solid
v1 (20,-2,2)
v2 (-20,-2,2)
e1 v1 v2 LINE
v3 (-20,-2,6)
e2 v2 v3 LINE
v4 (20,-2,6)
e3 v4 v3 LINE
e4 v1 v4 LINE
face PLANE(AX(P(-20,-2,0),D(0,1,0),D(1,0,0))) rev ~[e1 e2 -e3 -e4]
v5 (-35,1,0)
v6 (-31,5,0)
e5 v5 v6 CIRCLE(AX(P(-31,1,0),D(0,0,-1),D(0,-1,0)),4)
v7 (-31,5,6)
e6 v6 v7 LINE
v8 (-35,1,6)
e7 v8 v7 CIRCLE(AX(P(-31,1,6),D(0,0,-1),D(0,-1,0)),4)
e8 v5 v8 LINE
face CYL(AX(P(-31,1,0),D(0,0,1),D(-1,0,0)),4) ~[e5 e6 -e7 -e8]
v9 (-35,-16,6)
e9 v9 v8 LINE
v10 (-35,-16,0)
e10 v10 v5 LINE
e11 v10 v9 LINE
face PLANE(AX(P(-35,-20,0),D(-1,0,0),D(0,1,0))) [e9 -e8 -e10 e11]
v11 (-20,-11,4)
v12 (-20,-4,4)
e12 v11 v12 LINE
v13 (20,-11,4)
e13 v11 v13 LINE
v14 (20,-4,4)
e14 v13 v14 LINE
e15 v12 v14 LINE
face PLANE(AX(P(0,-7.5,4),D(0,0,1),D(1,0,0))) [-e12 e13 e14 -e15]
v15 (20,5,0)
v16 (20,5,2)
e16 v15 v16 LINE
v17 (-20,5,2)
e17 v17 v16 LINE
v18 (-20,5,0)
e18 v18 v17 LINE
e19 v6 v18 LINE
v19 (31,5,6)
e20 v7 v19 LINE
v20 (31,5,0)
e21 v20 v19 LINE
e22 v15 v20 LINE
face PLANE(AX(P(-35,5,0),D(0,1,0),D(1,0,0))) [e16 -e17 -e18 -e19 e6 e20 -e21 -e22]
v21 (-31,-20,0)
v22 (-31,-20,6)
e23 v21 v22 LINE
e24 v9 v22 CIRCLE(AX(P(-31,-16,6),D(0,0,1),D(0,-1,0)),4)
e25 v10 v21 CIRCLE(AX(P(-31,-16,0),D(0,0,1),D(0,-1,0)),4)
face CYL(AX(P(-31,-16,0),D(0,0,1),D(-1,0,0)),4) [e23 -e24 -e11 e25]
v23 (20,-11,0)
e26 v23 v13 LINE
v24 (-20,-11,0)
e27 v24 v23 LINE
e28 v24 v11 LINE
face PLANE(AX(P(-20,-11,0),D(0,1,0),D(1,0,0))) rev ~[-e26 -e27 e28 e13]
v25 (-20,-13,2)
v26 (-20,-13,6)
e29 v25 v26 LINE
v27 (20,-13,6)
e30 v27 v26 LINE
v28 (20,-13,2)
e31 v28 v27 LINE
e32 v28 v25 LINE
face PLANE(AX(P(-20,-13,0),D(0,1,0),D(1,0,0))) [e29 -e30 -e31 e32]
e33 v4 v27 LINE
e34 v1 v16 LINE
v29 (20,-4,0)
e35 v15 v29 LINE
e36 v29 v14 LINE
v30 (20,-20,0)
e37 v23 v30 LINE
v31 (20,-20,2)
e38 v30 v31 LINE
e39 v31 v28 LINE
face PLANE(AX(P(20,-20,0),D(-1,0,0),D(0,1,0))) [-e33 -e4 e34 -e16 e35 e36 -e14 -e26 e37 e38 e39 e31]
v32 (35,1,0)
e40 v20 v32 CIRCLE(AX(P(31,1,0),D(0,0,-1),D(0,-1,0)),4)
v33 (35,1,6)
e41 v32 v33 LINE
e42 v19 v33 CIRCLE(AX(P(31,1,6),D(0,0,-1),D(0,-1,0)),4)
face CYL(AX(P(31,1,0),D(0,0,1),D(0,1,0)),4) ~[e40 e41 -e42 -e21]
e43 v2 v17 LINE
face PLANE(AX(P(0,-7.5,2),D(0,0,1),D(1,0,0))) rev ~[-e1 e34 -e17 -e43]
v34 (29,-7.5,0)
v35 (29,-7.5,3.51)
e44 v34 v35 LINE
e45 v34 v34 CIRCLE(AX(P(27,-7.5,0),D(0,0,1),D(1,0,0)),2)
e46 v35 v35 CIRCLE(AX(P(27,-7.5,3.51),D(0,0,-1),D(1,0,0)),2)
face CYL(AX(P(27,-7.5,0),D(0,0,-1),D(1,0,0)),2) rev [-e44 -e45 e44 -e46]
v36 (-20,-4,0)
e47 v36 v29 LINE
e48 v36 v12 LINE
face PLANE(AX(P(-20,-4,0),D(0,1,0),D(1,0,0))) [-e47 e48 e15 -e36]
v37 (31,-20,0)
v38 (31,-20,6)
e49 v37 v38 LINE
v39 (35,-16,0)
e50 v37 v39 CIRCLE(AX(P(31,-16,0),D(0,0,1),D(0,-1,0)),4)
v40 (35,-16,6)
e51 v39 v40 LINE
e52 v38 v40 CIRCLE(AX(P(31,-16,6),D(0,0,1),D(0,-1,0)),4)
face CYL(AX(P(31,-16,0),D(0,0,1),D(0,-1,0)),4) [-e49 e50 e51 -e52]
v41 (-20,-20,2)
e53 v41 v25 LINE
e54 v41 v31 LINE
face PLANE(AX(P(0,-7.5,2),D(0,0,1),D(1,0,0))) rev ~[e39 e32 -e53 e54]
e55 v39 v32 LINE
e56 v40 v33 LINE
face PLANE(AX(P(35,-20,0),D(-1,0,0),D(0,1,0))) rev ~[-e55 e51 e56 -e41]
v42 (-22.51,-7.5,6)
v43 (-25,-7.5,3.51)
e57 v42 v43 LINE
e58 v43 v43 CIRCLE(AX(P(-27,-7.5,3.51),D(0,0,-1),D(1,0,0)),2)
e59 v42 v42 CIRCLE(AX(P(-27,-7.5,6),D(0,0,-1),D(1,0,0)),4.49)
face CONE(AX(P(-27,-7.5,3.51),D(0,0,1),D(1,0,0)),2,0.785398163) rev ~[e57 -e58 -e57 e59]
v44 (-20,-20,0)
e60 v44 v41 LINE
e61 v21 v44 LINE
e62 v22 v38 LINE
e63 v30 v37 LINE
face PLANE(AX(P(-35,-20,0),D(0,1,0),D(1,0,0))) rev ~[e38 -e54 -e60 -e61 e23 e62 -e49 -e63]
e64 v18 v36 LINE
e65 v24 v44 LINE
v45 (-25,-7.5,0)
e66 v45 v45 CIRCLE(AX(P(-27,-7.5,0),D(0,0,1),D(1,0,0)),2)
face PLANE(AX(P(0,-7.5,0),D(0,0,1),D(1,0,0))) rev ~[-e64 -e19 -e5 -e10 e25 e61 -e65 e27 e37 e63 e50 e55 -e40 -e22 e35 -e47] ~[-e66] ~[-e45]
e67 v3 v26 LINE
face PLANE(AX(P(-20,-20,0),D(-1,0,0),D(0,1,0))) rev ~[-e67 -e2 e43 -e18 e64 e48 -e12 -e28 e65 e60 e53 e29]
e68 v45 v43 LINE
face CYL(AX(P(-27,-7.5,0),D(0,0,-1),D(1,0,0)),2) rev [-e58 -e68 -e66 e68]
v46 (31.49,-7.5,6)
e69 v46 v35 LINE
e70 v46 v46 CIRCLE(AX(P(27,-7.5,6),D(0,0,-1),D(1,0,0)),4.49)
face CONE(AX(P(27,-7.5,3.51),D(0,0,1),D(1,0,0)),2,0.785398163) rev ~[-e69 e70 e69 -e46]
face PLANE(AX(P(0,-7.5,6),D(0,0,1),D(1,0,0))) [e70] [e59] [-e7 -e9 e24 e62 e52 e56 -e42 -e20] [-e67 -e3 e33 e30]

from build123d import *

# Parameters (mm, degrees)
CYLINDER001_R     = 2
CYLINDER001_DEPTH = 10
CYLINDER003_R     = 2
CYLINDER003_DEPTH = 10
BOX006_W          = 40
BOX006_H          = 11
BOX006_DEPTH      = 10
BOX001_W          = 40
BOX001_H          = 25
BOX001_DEPTH      = 2
BOX_W             = 70
BOX_H             = 25
BOX_DEPTH         = 6
CHAMFER_SIZE      = 2.49
FILLET_R          = 4
BOX003_W          = 40
BOX003_H          = 7
BOX003_DEPTH      = 4


with BuildPart() as screwhole002:
    # Cylinder001 → Cylinder001 (new body)
    with BuildSketch(Plane(origin=(-27, -7.5, 0), x_dir=(1, 0, 0), z_dir=(0, 0, 1))):
        Circle(CYLINDER001_R)
    extrude(amount=CYLINDER001_DEPTH)


with BuildPart() as screwholes:
    # Cylinder003 → Cylinder003 (new body)
    with BuildSketch(Plane(origin=(27, -7.5, 0), x_dir=(1, 0, 0), z_dir=(0, 0, 1))):
        Circle(CYLINDER003_R)
    extrude(amount=CYLINDER003_DEPTH)

    # Fusion001: union ScrewHole002
    add(screwhole002.part)


with BuildPart() as cube001:
    # Box006 → Box006 (new body)
    with BuildSketch(Plane(origin=(-20, -13, 0), x_dir=(1, 0, 0), z_dir=(0, 0, 1))):
        with Locations((20, 5.5)):
            Rectangle(BOX006_W, BOX006_H)
    extrude(amount=BOX006_DEPTH)


with BuildPart() as cube:
    # Box001 → Box001 (new body)
    with BuildSketch(Plane(origin=(-20, -20, 0), x_dir=(1, 0, 0), z_dir=(0, 0, 1))):
        with Locations((20, 12.5)):
            Rectangle(BOX001_W, BOX001_H)
    extrude(amount=BOX001_DEPTH)


with BuildPart() as fillet_body:
    # Box → Box (new body)
    with BuildSketch(Plane(origin=(-35, -20, 0), x_dir=(1, 0, 0), z_dir=(0, 0, 1))):
        with Locations((35, 12.5)):
            Rectangle(BOX_W, BOX_H)
    extrude(amount=BOX_DEPTH)

    # Cut: cut Cube
    add(cube.part, mode=Mode.SUBTRACT)

    # Cut001: cut Cube001
    add(cube001.part, mode=Mode.SUBTRACT)

    # Cut002: cut ScrewHoles
    add(screwholes.part, mode=Mode.SUBTRACT)

    # Chamfer
    chamfer_edges = [fillet_body.edges().sort_by_distance(p)[0] for p in [
        (-29, -7.5, 6),
        (25, -7.5, 6),
    ]]
    chamfer(chamfer_edges, length=CHAMFER_SIZE)

    # Fillet
    fillet_edges = [fillet_body.edges().sort_by_distance(p)[0] for p in [
        (-35, -20, 3),
        (-35, 5, 3),
        (35, 5, 3),
        (35, -20, 3),
    ]]
    fillet(fillet_edges, radius=FILLET_R)


with BuildPart() as fusion:
    # Box003 → Box003 (new body)
    with BuildSketch(Plane(origin=(-20, -11, 0), x_dir=(1, 0, 0), z_dir=(0, 0, 1))):
        with Locations((20, 3.5)):
            Rectangle(BOX003_W, BOX003_H)
    extrude(amount=BOX003_DEPTH)

    # Fusion: union Fillet body
    add(fillet_body.part)


solid = fusion.part
